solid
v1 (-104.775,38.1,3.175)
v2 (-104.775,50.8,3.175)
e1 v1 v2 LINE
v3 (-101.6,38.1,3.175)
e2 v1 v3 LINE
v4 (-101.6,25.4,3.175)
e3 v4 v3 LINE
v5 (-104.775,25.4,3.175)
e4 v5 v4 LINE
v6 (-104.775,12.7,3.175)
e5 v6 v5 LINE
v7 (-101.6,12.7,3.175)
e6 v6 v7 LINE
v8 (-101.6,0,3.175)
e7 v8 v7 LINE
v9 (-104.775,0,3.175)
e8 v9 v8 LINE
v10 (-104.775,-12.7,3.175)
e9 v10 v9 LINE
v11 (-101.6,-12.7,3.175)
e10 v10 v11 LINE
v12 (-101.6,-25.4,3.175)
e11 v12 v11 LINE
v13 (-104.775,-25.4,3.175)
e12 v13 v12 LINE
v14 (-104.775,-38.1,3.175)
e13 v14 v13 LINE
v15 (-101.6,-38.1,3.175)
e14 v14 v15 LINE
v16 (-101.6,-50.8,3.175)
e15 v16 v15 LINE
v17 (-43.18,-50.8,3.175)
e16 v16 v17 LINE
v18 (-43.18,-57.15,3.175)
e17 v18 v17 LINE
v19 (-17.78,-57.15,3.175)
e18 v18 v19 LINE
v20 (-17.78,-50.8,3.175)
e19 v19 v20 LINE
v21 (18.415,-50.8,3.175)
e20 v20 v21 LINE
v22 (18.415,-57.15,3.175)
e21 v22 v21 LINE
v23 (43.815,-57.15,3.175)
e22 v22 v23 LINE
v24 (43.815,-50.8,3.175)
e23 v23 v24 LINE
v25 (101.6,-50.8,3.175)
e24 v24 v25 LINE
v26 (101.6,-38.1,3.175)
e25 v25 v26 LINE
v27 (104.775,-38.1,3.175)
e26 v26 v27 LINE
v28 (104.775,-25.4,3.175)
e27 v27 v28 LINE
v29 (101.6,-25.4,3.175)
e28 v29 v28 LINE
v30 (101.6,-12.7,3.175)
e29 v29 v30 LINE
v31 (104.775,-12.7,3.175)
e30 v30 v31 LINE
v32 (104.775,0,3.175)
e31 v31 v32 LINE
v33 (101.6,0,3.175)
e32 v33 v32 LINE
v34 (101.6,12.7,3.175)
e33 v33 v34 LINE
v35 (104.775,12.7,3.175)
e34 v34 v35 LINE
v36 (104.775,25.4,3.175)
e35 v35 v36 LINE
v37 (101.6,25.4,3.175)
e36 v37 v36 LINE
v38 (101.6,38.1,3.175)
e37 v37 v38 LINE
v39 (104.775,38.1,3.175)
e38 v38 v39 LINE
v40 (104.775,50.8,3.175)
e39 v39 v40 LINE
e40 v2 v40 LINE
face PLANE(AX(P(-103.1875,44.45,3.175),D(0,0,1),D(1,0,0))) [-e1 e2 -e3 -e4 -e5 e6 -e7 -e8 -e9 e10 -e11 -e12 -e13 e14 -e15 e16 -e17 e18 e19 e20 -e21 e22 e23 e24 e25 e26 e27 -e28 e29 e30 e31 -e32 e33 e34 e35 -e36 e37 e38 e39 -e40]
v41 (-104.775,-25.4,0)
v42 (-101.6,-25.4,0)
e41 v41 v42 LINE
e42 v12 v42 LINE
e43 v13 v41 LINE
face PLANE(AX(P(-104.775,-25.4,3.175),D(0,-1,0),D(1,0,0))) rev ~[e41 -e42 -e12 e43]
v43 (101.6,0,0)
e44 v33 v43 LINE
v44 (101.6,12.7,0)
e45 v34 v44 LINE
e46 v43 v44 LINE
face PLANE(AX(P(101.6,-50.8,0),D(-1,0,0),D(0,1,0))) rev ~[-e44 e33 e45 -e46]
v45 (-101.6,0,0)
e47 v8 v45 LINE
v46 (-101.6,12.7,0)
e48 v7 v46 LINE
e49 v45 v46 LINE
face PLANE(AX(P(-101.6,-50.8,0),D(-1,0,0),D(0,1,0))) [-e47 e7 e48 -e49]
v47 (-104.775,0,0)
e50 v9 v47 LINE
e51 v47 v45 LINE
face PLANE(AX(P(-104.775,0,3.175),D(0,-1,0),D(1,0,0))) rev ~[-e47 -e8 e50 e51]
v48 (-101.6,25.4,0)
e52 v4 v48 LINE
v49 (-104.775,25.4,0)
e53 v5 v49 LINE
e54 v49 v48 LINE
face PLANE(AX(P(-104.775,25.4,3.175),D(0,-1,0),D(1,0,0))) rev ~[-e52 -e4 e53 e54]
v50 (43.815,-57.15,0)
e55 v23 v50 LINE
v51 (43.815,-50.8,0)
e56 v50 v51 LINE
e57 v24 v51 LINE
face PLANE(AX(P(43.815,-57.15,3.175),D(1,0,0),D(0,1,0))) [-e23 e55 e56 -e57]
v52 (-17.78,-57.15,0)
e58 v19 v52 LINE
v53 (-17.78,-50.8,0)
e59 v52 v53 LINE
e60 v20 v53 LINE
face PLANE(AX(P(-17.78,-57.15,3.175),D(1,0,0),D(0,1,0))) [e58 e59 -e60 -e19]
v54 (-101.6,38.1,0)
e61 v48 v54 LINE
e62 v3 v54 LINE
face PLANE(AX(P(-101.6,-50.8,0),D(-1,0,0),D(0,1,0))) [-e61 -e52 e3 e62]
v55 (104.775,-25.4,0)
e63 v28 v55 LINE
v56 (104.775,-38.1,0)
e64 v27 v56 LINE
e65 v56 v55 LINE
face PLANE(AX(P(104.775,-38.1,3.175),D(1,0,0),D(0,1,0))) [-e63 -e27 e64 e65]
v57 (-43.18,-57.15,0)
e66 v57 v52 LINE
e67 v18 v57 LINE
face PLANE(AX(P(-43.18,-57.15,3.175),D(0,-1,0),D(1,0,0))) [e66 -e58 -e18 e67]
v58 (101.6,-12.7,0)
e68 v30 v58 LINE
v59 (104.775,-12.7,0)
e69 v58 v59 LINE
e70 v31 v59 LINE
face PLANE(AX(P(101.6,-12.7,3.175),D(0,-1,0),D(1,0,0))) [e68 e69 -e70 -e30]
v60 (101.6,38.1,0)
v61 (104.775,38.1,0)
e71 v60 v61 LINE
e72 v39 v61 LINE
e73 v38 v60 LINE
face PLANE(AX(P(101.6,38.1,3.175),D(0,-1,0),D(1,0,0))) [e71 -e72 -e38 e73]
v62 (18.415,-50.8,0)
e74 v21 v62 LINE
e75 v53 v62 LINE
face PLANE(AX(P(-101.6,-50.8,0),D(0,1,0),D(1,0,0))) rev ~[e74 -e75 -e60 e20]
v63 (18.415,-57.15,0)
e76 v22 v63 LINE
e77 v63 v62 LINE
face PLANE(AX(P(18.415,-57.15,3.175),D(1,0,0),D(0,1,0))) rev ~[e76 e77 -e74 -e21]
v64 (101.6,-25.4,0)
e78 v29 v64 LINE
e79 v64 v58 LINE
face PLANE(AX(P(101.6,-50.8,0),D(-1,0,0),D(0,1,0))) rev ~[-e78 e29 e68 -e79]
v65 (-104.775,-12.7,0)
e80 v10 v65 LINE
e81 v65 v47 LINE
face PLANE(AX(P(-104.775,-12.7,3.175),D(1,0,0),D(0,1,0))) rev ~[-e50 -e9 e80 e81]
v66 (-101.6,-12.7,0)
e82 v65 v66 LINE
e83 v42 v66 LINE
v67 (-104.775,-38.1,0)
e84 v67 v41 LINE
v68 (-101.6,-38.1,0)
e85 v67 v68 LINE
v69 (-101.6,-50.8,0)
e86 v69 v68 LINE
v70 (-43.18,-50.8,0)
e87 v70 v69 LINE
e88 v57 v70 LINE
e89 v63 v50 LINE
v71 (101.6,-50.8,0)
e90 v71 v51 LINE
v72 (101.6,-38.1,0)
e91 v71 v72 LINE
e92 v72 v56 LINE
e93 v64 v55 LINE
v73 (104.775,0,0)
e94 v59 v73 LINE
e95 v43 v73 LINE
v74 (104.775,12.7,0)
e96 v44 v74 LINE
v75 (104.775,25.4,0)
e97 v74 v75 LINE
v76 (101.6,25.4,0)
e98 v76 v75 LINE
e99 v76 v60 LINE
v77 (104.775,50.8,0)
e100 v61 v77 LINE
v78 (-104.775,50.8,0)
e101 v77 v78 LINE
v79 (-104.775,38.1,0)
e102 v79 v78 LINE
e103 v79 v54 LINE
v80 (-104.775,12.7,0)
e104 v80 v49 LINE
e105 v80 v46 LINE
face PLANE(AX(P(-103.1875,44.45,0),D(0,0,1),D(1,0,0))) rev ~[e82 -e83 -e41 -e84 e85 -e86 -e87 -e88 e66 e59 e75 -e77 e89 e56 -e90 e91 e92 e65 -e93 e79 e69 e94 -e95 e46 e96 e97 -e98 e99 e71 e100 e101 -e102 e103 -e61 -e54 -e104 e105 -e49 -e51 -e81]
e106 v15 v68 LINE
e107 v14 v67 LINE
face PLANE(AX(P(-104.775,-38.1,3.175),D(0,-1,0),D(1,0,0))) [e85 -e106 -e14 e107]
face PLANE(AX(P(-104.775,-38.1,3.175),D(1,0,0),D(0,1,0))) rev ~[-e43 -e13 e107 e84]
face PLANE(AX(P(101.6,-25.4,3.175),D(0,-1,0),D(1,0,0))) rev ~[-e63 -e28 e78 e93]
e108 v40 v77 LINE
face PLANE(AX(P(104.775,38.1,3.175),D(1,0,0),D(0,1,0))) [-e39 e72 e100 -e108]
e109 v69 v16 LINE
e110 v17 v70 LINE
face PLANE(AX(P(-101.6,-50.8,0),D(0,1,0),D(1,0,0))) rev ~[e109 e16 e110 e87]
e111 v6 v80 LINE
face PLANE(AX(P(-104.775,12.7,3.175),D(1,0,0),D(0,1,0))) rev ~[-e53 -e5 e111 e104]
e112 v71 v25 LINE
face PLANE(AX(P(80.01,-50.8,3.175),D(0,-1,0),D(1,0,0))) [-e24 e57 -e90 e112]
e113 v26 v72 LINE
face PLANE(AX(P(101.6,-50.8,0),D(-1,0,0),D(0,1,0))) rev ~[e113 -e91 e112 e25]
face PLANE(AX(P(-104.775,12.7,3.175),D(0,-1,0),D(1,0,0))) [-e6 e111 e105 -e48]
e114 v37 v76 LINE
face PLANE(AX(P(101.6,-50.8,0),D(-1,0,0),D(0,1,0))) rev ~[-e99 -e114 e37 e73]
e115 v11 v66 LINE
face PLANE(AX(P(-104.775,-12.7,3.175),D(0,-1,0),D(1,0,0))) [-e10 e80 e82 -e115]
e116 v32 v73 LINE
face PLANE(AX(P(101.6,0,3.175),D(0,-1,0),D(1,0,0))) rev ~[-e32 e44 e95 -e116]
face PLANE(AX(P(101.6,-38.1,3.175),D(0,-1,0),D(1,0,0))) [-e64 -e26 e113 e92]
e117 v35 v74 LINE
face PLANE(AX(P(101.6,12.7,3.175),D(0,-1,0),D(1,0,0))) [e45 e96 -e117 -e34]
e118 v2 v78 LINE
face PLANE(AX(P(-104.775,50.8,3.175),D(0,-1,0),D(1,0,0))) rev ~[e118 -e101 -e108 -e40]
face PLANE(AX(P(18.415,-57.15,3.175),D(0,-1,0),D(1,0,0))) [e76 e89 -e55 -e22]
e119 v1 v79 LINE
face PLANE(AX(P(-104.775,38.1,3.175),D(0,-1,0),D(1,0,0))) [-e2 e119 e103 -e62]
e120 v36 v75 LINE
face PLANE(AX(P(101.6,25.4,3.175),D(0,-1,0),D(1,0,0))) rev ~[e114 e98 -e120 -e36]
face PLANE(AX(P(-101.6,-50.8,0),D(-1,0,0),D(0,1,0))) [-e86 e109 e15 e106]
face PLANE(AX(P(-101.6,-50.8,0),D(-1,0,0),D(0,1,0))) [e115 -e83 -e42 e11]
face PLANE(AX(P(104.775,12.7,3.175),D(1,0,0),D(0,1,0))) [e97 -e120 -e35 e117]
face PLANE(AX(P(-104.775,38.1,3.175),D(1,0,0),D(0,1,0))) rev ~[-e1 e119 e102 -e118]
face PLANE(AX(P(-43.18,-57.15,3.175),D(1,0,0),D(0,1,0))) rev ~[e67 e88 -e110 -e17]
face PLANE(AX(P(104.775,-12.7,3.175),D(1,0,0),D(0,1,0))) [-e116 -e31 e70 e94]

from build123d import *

# Parameters (mm, degrees)
SKETCH1_W           = 203.2
SKETCH1_H           = 101.6
BOSS_EXTRUDE1_DEPTH = 3.175
SKETCH2_W           = 3.175
SKETCH2_H           = 12.7
SKETCH2_W_2         = 25.4
SKETCH2_H_2         = 6.35
BOSS_EXTRUDE2_DEPTH = 3.175
SKETCH3_W           = 25.4
SKETCH3_H           = 6.35
CUT_EXTRUDE1_DEPTH  = 120.947785411


with BuildPart() as part:
    # Sketch1 → Boss-Extrude1 (new body)
    with BuildSketch(Plane.XY):
        Rectangle(SKETCH1_W, SKETCH1_H)
    extrude(amount=BOSS_EXTRUDE1_DEPTH)

    # Sketch2 → Boss-Extrude2 (add)
    with BuildSketch(Plane.XY.offset(3.175)):
        with Locations((-103.1875, 19.05)):
            Rectangle(SKETCH2_W, SKETCH2_H)
        with Locations((-103.1875, 44.45)):
            Rectangle(SKETCH2_W, SKETCH2_H)
        with Locations((-103.1875, -6.35)):
            Rectangle(SKETCH2_W, SKETCH2_H)
        with Locations((-103.1875, -31.75)):
            Rectangle(SKETCH2_W, SKETCH2_H)
        with Locations((-92.075, -53.975)):
            Rectangle(SKETCH2_W_2, SKETCH2_H_2)
        with Locations((-30.48, -53.975)):
            Rectangle(SKETCH2_W_2, SKETCH2_H_2)
        with Locations((31.115, -53.975)):
            Rectangle(SKETCH2_W_2, SKETCH2_H_2)
        with Locations((92.71, -53.975)):
            Rectangle(SKETCH2_W_2, SKETCH2_H_2)
        with Locations((103.1875, -31.75)):
            Rectangle(SKETCH2_W, SKETCH2_H)
        with Locations((103.1875, -6.35)):
            Rectangle(SKETCH2_W, SKETCH2_H)
        with Locations((103.1875, 19.05)):
            Rectangle(SKETCH2_W, SKETCH2_H)
        with Locations((103.1875, 44.45)):
            Rectangle(SKETCH2_W, SKETCH2_H)
    extrude(amount=-BOSS_EXTRUDE2_DEPTH)

    # Sketch3 → Cut-Extrude1 (cut, through all)
    with BuildSketch(Plane.XY.offset(3.175)):
        with Locations((-92.075, -53.975)):
            Rectangle(SKETCH3_W, SKETCH3_H)
        with Locations((92.71, -53.975)):
            Rectangle(SKETCH3_W, SKETCH3_H)
    extrude(amount=-CUT_EXTRUDE1_DEPTH, mode=Mode.SUBTRACT)


solid = part.part
